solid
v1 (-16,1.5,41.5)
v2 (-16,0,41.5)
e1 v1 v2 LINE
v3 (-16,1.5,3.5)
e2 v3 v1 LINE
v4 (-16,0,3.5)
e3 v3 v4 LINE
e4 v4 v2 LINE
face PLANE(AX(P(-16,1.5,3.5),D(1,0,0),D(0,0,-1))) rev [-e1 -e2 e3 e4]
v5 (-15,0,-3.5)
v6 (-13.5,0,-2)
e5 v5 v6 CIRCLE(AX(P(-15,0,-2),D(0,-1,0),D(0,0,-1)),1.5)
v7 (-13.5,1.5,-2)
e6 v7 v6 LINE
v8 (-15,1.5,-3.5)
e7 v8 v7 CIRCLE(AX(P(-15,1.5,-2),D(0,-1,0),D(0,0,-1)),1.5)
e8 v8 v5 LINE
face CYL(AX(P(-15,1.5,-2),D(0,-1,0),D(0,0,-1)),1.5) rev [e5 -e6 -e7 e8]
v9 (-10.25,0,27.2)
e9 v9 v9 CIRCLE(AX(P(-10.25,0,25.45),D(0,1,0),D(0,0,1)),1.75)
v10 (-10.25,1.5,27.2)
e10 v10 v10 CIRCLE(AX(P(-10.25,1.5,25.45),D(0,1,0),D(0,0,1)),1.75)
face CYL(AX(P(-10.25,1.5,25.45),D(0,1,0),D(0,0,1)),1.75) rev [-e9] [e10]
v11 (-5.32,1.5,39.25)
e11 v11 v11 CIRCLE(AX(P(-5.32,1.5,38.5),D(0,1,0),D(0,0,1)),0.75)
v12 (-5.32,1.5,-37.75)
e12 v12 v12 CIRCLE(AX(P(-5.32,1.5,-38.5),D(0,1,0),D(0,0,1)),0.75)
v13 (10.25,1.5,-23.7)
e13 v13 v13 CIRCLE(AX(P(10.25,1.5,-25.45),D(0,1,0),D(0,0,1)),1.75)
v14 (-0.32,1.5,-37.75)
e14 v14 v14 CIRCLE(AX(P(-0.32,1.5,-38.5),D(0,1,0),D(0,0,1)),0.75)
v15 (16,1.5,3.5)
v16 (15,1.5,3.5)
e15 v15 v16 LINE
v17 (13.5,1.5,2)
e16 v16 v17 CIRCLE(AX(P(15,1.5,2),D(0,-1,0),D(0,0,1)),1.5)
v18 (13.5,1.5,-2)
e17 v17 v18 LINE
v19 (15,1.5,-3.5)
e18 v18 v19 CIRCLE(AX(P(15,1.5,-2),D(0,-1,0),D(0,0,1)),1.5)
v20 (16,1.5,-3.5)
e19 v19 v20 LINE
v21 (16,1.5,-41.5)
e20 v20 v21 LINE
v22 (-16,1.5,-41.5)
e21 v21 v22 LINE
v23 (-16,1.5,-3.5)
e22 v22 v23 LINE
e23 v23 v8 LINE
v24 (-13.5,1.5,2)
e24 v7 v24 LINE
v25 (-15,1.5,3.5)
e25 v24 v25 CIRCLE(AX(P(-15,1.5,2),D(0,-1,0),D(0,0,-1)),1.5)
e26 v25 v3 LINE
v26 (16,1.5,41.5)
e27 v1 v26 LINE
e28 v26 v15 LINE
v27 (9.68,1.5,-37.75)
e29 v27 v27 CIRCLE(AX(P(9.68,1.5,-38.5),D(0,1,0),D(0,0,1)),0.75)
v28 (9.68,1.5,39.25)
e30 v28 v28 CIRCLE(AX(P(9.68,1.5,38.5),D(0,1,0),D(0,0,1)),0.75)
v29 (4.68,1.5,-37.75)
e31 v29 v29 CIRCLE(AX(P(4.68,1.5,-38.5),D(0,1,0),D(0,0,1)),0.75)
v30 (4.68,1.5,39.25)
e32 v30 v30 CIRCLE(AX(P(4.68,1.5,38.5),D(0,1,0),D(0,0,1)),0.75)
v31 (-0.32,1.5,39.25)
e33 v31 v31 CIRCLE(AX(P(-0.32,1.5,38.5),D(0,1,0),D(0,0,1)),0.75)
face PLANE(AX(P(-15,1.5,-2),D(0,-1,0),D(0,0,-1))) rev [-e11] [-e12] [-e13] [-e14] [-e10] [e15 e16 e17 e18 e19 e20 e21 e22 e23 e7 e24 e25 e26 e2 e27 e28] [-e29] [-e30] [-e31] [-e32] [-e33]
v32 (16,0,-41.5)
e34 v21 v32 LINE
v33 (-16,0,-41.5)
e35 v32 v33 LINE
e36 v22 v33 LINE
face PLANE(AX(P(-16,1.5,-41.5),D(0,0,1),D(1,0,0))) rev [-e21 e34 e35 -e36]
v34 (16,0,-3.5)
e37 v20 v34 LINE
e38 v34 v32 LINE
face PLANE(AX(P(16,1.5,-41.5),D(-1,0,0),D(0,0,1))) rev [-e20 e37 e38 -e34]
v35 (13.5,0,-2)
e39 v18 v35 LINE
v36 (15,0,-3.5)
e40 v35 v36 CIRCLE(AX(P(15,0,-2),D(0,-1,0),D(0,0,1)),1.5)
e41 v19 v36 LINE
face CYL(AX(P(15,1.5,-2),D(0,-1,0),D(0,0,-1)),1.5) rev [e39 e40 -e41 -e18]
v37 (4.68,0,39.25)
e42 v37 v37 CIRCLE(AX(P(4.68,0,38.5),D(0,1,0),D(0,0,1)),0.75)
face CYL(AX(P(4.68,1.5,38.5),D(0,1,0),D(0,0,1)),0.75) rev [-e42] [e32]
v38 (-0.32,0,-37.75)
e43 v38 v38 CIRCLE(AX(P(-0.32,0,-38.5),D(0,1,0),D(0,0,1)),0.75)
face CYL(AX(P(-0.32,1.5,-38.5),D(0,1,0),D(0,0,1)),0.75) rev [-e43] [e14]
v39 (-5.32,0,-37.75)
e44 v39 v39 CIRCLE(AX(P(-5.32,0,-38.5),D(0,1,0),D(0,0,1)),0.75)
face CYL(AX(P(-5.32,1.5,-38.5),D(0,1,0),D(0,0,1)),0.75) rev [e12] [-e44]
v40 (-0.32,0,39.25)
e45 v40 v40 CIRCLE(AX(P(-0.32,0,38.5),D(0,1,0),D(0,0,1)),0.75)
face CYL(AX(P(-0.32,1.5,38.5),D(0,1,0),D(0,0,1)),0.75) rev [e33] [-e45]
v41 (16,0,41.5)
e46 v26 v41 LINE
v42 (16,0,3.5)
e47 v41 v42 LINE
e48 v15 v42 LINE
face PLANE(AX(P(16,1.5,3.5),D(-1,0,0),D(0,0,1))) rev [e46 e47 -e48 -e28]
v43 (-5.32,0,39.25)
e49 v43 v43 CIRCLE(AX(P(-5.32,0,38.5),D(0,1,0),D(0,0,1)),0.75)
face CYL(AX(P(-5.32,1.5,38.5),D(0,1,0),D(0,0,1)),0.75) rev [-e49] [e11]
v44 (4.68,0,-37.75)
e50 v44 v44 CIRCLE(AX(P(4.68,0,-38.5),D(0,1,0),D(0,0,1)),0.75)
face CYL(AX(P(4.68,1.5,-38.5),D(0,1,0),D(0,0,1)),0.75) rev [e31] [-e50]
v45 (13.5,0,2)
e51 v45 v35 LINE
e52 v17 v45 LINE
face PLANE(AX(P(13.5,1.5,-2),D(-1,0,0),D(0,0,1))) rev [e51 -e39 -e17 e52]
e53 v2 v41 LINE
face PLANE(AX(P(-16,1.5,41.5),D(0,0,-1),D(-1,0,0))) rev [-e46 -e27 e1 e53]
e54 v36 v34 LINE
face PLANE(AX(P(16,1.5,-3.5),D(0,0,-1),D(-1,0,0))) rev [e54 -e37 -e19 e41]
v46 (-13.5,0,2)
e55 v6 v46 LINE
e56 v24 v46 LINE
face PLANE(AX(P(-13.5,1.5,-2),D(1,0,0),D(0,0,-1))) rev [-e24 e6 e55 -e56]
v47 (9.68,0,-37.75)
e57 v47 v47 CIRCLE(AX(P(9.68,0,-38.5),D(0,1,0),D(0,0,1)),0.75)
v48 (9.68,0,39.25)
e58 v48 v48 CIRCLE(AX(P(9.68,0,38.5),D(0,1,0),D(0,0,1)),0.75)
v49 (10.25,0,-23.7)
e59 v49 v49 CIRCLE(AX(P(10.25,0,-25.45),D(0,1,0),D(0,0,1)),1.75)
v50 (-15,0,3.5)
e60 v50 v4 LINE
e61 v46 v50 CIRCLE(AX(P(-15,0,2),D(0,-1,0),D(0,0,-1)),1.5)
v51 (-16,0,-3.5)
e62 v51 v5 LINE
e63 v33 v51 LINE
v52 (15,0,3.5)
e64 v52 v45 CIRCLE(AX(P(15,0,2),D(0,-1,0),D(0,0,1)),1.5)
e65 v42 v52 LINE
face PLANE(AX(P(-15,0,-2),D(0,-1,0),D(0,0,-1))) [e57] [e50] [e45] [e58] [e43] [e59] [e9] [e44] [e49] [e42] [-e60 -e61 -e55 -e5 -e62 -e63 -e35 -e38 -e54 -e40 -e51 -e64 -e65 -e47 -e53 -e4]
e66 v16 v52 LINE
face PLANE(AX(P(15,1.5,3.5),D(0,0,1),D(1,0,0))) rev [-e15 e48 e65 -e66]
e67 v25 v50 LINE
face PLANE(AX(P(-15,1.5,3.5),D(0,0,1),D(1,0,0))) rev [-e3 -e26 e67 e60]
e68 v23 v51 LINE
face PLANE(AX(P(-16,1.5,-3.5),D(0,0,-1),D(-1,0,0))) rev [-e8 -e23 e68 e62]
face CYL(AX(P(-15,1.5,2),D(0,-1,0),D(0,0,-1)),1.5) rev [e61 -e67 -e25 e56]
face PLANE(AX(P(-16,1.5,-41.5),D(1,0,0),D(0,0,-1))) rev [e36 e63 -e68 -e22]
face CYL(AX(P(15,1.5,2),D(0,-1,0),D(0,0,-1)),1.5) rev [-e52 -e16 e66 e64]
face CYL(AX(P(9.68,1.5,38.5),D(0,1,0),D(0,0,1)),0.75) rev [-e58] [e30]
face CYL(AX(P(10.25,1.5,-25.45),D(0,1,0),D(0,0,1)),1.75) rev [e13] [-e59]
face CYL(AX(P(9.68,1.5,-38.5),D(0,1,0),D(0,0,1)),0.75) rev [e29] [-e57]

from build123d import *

# Parameters (mm, degrees)
EXTRUDE_1_DEPTH        = 1.5
HOLE_WIZARD_2_D        = 3.5
HOLE_WIZARD_4_D        = 1.5
PATTERN_LINEAR_2_COUNT = 4
PATTERN_LINEAR_2_PITCH = 5


with BuildPart() as part:
    # Эскиз1 → Вытянуть1 (new body)
    with BuildSketch(Plane(origin=(0, 0, 0), x_dir=(1, 0, 0), z_dir=(0, 1, 0))):
        with BuildLine():
            Line((-16, 41.5), (16, 41.5))
            Line((16, 41.5), (16, 3.5))
            Line((16, 3.5), (15, 3.5))
            ThreePointArc((15, 3.5), (13.939339828, 3.060660172), (13.5, 2))
            Line((13.5, 2), (13.5, -2))
            ThreePointArc((13.5, -2), (13.939339828, -3.060660172), (15, -3.5))
            Line((15, -3.5), (16, -3.5))
            Line((16, -3.5), (16, -41.5))
            Line((16, -41.5), (-16, -41.5))
            Line((-16, -41.5), (-16, -3.5))
            Line((-16, -3.5), (-15, -3.5))
            ThreePointArc((-15, -3.5), (-13.939339828, -3.060660172), (-13.5, -2))
            Line((-13.5, -2), (-13.5, 2))
            ThreePointArc((-13.5, 2), (-13.939339828, 3.060660172), (-15, 3.5))
            Line((-15, 3.5), (-16, 3.5))
            Line((-16, 3.5), (-16, 41.5))
        make_face()
    extrude(amount=EXTRUDE_1_DEPTH)

    # Отверстие2 (through all)
    with Locations(Plane(origin=(10.25, 1.5, -25.45), x_dir=(0, 0, 1), z_dir=(0, 1, 0))):
        with Locations((0, 0), (50.9, -20.5)):
            Hole(HOLE_WIZARD_2_D / 2)

    # Отверстие4 (through all)
    with Locations(Plane(origin=(9.68, 1.5, -38.5), x_dir=(0, 0, 1), z_dir=(0, 1, 0))):
        with Locations((0, 0), (77, 0)):
            hole_wizard_4 = Hole(HOLE_WIZARD_4_D / 2)

    # Линейный массив2: Отверстие4 ×4
    with Locations(*[(-i * PATTERN_LINEAR_2_PITCH, 0, 0) for i in range(1, PATTERN_LINEAR_2_COUNT)]):
        add(hole_wizard_4, mode=Mode.SUBTRACT)


solid = part.part
